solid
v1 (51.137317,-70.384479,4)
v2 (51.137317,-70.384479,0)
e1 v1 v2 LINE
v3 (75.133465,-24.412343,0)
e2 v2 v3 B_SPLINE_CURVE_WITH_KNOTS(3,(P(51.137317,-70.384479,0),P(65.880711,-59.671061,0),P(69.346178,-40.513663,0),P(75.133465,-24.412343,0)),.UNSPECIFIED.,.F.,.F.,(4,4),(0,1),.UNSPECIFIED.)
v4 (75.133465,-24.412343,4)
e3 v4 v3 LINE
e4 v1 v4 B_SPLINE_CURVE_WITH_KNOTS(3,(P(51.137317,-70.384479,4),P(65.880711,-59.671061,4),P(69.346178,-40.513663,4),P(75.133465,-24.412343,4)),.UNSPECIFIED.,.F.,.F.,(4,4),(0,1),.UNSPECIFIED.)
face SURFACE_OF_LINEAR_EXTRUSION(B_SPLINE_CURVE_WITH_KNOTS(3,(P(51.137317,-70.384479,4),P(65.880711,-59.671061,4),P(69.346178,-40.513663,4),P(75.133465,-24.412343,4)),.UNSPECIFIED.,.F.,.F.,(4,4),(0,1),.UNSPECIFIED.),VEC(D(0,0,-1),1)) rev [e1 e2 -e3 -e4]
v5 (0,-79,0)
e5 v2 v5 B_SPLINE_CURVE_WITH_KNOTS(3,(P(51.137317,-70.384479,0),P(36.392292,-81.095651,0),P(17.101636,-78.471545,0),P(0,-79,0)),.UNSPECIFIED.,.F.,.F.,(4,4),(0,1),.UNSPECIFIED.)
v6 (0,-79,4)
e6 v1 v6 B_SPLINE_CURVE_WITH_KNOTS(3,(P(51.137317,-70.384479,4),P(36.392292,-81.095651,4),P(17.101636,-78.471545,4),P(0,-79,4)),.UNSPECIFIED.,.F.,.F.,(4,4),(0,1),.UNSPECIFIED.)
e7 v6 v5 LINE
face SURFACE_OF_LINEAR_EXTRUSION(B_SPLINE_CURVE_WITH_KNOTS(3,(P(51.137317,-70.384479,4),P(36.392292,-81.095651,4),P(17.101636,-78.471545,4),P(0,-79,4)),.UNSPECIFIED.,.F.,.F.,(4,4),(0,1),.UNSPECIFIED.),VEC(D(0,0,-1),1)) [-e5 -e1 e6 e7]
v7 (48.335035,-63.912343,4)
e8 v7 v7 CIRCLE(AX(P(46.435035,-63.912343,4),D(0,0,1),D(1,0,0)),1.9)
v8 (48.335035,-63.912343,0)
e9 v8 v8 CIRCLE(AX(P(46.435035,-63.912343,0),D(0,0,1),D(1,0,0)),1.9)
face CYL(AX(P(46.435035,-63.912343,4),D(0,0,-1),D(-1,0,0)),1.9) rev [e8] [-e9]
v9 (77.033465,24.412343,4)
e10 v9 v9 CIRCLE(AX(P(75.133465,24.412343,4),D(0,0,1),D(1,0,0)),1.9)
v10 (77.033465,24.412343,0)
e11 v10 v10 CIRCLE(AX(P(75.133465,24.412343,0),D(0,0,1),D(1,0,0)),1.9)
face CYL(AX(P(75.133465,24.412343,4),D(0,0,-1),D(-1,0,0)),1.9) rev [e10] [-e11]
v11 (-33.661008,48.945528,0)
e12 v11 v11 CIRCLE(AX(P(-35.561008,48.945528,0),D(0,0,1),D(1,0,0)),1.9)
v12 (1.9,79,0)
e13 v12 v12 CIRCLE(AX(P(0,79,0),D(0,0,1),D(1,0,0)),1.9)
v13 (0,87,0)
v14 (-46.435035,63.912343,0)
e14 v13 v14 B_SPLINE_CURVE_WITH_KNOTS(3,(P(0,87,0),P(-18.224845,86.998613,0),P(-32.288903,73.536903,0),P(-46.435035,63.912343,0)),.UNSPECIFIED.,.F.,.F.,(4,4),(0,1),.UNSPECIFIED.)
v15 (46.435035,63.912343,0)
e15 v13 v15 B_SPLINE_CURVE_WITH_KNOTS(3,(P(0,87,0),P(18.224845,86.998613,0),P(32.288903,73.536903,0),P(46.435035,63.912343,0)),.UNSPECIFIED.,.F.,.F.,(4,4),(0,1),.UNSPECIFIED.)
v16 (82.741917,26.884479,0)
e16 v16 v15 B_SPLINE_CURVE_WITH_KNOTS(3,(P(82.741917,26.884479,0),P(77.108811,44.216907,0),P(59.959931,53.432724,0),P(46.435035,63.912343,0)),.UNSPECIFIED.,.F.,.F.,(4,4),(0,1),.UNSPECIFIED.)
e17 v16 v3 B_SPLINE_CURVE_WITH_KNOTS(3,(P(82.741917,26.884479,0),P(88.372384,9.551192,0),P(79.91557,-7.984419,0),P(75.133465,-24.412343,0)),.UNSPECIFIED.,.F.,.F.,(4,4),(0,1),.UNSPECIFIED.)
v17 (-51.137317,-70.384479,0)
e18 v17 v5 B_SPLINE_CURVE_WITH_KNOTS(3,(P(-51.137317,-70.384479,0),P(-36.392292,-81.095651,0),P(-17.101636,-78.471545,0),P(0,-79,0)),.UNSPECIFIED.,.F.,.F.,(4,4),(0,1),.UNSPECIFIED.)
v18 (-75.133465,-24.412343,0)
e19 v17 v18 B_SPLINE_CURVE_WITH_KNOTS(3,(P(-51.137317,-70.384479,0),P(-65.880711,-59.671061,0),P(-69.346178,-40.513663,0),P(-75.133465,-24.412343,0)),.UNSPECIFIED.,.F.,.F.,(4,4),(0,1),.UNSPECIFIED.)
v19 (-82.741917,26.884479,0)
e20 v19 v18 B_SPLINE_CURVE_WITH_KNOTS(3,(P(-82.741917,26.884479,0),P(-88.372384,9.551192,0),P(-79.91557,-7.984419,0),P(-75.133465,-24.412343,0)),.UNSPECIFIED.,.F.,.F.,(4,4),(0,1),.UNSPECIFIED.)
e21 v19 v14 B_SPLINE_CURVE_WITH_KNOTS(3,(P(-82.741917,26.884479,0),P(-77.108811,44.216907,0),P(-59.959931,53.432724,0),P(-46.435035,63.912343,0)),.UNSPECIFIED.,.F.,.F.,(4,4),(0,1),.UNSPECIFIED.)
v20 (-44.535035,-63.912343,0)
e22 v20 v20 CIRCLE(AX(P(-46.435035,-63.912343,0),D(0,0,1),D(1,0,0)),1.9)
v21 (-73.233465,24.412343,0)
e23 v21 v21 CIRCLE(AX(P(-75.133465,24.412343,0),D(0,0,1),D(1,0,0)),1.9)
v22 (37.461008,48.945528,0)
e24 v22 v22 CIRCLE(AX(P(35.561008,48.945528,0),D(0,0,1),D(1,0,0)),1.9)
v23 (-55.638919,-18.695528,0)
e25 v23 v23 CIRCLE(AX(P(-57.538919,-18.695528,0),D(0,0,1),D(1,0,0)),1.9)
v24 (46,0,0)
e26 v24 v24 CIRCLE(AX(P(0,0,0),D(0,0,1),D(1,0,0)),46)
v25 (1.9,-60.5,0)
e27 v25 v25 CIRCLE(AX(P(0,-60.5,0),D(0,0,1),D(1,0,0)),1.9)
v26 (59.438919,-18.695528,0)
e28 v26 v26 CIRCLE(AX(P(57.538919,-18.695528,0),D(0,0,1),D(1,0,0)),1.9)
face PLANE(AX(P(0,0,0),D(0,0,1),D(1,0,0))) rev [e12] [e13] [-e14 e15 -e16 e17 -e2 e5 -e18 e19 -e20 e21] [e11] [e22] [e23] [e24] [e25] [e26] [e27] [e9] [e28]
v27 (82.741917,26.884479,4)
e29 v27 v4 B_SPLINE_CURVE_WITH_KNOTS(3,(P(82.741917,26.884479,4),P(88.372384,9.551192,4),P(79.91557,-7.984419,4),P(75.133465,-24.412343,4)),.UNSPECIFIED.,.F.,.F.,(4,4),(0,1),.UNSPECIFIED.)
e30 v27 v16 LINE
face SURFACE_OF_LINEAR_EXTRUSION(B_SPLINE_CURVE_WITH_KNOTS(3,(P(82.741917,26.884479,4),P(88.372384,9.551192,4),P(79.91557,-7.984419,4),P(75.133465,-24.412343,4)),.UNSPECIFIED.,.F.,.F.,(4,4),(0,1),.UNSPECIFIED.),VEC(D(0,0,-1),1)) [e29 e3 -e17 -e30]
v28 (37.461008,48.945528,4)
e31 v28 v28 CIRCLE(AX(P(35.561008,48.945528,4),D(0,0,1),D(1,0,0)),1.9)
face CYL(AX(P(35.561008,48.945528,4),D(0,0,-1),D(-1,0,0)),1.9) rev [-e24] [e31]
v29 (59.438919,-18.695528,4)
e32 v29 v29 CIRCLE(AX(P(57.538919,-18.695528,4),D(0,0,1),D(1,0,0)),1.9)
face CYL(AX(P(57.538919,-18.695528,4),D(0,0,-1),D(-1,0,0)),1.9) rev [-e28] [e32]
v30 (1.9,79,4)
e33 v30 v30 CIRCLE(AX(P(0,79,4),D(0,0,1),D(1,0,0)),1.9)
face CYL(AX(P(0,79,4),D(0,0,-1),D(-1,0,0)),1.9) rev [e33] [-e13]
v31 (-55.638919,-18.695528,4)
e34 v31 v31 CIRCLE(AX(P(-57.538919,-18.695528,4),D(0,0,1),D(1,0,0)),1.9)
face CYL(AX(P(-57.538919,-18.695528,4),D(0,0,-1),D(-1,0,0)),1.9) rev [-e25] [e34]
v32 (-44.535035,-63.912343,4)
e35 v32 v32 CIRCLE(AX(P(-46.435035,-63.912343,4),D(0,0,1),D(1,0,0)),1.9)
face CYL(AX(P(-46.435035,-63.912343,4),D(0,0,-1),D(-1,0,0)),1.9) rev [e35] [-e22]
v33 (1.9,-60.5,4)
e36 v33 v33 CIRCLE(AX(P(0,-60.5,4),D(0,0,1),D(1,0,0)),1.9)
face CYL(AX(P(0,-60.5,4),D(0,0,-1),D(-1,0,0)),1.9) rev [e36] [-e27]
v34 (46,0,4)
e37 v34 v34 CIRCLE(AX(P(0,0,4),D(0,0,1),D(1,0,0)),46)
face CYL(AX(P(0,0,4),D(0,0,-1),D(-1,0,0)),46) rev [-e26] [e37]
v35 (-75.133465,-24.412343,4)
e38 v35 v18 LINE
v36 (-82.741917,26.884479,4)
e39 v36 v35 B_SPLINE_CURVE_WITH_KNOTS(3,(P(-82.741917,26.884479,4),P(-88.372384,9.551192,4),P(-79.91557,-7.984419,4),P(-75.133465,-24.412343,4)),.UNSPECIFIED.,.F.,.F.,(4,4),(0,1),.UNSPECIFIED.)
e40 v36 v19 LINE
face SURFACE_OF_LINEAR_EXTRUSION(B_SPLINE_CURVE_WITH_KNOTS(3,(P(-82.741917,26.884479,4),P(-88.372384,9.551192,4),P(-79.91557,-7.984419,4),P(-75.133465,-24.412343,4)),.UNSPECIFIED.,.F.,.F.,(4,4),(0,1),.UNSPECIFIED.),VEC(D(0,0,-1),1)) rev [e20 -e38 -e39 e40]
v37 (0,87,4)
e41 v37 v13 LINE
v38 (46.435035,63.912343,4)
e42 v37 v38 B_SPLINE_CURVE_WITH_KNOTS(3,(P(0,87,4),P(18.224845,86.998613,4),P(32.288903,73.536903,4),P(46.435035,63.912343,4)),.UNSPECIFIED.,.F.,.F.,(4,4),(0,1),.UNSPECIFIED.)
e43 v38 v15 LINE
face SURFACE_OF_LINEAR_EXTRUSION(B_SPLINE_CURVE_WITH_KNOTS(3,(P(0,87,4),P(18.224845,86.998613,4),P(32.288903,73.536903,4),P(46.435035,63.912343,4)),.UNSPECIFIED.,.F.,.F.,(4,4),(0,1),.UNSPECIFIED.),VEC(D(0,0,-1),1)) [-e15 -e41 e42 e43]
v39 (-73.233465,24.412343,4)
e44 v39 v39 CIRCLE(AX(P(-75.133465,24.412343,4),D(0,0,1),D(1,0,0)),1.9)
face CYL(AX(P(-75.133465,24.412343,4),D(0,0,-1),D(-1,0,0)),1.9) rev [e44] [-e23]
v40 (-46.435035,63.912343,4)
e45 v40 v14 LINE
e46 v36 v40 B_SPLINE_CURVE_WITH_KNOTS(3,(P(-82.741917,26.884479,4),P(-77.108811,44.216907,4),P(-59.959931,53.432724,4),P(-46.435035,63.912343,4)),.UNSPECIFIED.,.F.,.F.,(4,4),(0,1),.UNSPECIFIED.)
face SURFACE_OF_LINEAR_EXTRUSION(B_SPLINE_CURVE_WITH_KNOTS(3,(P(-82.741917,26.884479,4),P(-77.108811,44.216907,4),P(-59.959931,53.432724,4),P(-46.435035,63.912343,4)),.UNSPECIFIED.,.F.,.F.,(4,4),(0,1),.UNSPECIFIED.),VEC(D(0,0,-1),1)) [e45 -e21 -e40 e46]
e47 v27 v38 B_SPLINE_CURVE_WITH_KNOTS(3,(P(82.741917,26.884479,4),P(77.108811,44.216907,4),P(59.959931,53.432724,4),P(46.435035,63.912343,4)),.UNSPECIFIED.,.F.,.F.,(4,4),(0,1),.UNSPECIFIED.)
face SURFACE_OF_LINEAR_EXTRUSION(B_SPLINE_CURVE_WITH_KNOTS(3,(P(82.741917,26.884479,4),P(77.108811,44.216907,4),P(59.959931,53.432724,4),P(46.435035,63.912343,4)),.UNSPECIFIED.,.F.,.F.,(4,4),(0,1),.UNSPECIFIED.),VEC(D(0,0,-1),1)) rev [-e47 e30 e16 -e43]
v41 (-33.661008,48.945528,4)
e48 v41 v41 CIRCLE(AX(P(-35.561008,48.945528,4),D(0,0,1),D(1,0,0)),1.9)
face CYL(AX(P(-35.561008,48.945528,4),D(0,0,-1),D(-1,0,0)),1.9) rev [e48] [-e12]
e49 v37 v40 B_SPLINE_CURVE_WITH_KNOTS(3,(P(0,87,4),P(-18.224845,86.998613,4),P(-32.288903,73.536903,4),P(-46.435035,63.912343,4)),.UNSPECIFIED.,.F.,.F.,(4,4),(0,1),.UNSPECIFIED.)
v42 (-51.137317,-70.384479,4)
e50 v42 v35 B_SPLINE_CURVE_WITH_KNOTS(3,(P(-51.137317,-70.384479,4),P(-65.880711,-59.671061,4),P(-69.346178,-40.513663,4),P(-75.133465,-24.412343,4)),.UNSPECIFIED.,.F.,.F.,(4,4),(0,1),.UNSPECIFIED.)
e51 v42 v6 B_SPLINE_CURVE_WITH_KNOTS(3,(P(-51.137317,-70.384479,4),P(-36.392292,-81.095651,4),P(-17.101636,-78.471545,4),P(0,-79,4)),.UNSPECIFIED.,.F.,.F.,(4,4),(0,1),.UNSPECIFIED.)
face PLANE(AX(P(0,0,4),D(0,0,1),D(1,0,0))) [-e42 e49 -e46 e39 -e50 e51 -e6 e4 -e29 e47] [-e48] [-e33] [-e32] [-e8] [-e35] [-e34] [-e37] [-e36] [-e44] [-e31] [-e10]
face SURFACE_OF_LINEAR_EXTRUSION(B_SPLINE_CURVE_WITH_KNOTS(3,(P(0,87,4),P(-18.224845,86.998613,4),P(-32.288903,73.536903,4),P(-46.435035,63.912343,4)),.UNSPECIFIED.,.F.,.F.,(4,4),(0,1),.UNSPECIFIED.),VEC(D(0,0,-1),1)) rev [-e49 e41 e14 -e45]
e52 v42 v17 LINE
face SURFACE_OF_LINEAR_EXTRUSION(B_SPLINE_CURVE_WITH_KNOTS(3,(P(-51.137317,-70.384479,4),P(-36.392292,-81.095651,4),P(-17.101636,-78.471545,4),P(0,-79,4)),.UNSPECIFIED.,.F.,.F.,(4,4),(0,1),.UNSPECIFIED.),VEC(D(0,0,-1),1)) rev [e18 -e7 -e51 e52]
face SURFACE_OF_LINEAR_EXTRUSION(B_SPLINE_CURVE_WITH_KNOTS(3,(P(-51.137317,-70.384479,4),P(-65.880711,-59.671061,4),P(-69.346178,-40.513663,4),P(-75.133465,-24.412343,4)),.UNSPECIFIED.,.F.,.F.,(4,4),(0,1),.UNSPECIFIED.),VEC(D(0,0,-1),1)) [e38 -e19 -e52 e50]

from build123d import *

# Parameters (mm, degrees)
SZKIC1_R                    = 1.9
SZKIC1_R_2                  = 46
DODANIE_WYCI_GNI_CIE1_DEPTH = 4


with BuildPart() as part:
    # Szkic1 → Dodanie-wyciągnięcie1 (new body)
    with BuildSketch(Plane.XY):
        with BuildLine():
            add(Edge.make_bspline(
                [(0, 87), (18.224844976, 86.998612649), (32.288902875, 73.536902698), (46.435034931, 63.912342556)],
                knots=[0, 0, 0, 0, 1, 1, 1, 1], degree=3))
            add(Edge.make_bspline(
                [(82.741916918, 26.884478511), (77.108810651, 44.216907368), (59.959930782, 53.43272413), (46.435034931, 63.912342556)],
                knots=[0, 0, 0, 0, 1, 1, 1, 1], degree=3))
            add(Edge.make_bspline(
                [(82.741916918, 26.884478511), (88.372384286, 9.551192223), (79.915570217, -7.984418835), (75.133464787, -24.412342556)],
                knots=[0, 0, 0, 0, 1, 1, 1, 1], degree=3))
            add(Edge.make_bspline(
                [(51.137316949, -70.384478511), (65.88071079, -59.671061018), (69.346178061, -40.513663074), (75.133464787, -24.412342556)],
                knots=[0, 0, 0, 0, 1, 1, 1, 1], degree=3))
            add(Edge.make_bspline(
                [(51.137316949, -70.384478511), (36.39229218, -81.095651222), (17.10163575, -78.471544919), (0, -79)],
                knots=[0, 0, 0, 0, 1, 1, 1, 1], degree=3))
            add(Edge.make_bspline(
                [(-51.137316949, -70.384478511), (-36.39229218, -81.095651222), (-17.10163575, -78.471544919), (0, -79)],
                knots=[0, 0, 0, 0, 1, 1, 1, 1], degree=3))
            add(Edge.make_bspline(
                [(-51.137316949, -70.384478511), (-65.88071079, -59.671061018), (-69.346178061, -40.513663074), (-75.133464787, -24.412342556)],
                knots=[0, 0, 0, 0, 1, 1, 1, 1], degree=3))
            add(Edge.make_bspline(
                [(-82.741916918, 26.884478511), (-88.372384286, 9.551192223), (-79.915570217, -7.984418835), (-75.133464787, -24.412342556)],
                knots=[0, 0, 0, 0, 1, 1, 1, 1], degree=3))
            add(Edge.make_bspline(
                [(-82.741916918, 26.884478511), (-77.108810651, 44.216907368), (-59.959930782, 53.43272413), (-46.435034931, 63.912342556)],
                knots=[0, 0, 0, 0, 1, 1, 1, 1], degree=3))
            add(Edge.make_bspline(
                [(0, 87), (-18.224844976, 86.998612649), (-32.288902875, 73.536902698), (-46.435034931, 63.912342556)],
                knots=[0, 0, 0, 0, 1, 1, 1, 1], degree=3))
        make_face()
        with Locations((0, 79)):
            Circle(SZKIC1_R, mode=Mode.SUBTRACT)
        with Locations((75.133464787, 24.412342556)):
            Circle(SZKIC1_R, mode=Mode.SUBTRACT)
        with Locations((46.435034931, -63.912342556)):
            Circle(SZKIC1_R, mode=Mode.SUBTRACT)
        with Locations((-46.435034931, -63.912342556)):
            Circle(SZKIC1_R, mode=Mode.SUBTRACT)
        with Locations((-75.133464787, 24.412342556)):
            Circle(SZKIC1_R, mode=Mode.SUBTRACT)
        Circle(SZKIC1_R_2, mode=Mode.SUBTRACT)
        with Locations((35.561007764, 48.94552816)):
            Circle(SZKIC1_R, mode=Mode.SUBTRACT)
        with Locations((57.538919236, -18.69552816)):
            Circle(SZKIC1_R, mode=Mode.SUBTRACT)
        with Locations((0, -60.5)):
            Circle(SZKIC1_R, mode=Mode.SUBTRACT)
        with Locations((-57.538919236, -18.69552816)):
            Circle(SZKIC1_R, mode=Mode.SUBTRACT)
        with Locations((-35.561007764, 48.94552816)):
            Circle(SZKIC1_R, mode=Mode.SUBTRACT)
    extrude(amount=DODANIE_WYCI_GNI_CIE1_DEPTH)


solid = part.part
